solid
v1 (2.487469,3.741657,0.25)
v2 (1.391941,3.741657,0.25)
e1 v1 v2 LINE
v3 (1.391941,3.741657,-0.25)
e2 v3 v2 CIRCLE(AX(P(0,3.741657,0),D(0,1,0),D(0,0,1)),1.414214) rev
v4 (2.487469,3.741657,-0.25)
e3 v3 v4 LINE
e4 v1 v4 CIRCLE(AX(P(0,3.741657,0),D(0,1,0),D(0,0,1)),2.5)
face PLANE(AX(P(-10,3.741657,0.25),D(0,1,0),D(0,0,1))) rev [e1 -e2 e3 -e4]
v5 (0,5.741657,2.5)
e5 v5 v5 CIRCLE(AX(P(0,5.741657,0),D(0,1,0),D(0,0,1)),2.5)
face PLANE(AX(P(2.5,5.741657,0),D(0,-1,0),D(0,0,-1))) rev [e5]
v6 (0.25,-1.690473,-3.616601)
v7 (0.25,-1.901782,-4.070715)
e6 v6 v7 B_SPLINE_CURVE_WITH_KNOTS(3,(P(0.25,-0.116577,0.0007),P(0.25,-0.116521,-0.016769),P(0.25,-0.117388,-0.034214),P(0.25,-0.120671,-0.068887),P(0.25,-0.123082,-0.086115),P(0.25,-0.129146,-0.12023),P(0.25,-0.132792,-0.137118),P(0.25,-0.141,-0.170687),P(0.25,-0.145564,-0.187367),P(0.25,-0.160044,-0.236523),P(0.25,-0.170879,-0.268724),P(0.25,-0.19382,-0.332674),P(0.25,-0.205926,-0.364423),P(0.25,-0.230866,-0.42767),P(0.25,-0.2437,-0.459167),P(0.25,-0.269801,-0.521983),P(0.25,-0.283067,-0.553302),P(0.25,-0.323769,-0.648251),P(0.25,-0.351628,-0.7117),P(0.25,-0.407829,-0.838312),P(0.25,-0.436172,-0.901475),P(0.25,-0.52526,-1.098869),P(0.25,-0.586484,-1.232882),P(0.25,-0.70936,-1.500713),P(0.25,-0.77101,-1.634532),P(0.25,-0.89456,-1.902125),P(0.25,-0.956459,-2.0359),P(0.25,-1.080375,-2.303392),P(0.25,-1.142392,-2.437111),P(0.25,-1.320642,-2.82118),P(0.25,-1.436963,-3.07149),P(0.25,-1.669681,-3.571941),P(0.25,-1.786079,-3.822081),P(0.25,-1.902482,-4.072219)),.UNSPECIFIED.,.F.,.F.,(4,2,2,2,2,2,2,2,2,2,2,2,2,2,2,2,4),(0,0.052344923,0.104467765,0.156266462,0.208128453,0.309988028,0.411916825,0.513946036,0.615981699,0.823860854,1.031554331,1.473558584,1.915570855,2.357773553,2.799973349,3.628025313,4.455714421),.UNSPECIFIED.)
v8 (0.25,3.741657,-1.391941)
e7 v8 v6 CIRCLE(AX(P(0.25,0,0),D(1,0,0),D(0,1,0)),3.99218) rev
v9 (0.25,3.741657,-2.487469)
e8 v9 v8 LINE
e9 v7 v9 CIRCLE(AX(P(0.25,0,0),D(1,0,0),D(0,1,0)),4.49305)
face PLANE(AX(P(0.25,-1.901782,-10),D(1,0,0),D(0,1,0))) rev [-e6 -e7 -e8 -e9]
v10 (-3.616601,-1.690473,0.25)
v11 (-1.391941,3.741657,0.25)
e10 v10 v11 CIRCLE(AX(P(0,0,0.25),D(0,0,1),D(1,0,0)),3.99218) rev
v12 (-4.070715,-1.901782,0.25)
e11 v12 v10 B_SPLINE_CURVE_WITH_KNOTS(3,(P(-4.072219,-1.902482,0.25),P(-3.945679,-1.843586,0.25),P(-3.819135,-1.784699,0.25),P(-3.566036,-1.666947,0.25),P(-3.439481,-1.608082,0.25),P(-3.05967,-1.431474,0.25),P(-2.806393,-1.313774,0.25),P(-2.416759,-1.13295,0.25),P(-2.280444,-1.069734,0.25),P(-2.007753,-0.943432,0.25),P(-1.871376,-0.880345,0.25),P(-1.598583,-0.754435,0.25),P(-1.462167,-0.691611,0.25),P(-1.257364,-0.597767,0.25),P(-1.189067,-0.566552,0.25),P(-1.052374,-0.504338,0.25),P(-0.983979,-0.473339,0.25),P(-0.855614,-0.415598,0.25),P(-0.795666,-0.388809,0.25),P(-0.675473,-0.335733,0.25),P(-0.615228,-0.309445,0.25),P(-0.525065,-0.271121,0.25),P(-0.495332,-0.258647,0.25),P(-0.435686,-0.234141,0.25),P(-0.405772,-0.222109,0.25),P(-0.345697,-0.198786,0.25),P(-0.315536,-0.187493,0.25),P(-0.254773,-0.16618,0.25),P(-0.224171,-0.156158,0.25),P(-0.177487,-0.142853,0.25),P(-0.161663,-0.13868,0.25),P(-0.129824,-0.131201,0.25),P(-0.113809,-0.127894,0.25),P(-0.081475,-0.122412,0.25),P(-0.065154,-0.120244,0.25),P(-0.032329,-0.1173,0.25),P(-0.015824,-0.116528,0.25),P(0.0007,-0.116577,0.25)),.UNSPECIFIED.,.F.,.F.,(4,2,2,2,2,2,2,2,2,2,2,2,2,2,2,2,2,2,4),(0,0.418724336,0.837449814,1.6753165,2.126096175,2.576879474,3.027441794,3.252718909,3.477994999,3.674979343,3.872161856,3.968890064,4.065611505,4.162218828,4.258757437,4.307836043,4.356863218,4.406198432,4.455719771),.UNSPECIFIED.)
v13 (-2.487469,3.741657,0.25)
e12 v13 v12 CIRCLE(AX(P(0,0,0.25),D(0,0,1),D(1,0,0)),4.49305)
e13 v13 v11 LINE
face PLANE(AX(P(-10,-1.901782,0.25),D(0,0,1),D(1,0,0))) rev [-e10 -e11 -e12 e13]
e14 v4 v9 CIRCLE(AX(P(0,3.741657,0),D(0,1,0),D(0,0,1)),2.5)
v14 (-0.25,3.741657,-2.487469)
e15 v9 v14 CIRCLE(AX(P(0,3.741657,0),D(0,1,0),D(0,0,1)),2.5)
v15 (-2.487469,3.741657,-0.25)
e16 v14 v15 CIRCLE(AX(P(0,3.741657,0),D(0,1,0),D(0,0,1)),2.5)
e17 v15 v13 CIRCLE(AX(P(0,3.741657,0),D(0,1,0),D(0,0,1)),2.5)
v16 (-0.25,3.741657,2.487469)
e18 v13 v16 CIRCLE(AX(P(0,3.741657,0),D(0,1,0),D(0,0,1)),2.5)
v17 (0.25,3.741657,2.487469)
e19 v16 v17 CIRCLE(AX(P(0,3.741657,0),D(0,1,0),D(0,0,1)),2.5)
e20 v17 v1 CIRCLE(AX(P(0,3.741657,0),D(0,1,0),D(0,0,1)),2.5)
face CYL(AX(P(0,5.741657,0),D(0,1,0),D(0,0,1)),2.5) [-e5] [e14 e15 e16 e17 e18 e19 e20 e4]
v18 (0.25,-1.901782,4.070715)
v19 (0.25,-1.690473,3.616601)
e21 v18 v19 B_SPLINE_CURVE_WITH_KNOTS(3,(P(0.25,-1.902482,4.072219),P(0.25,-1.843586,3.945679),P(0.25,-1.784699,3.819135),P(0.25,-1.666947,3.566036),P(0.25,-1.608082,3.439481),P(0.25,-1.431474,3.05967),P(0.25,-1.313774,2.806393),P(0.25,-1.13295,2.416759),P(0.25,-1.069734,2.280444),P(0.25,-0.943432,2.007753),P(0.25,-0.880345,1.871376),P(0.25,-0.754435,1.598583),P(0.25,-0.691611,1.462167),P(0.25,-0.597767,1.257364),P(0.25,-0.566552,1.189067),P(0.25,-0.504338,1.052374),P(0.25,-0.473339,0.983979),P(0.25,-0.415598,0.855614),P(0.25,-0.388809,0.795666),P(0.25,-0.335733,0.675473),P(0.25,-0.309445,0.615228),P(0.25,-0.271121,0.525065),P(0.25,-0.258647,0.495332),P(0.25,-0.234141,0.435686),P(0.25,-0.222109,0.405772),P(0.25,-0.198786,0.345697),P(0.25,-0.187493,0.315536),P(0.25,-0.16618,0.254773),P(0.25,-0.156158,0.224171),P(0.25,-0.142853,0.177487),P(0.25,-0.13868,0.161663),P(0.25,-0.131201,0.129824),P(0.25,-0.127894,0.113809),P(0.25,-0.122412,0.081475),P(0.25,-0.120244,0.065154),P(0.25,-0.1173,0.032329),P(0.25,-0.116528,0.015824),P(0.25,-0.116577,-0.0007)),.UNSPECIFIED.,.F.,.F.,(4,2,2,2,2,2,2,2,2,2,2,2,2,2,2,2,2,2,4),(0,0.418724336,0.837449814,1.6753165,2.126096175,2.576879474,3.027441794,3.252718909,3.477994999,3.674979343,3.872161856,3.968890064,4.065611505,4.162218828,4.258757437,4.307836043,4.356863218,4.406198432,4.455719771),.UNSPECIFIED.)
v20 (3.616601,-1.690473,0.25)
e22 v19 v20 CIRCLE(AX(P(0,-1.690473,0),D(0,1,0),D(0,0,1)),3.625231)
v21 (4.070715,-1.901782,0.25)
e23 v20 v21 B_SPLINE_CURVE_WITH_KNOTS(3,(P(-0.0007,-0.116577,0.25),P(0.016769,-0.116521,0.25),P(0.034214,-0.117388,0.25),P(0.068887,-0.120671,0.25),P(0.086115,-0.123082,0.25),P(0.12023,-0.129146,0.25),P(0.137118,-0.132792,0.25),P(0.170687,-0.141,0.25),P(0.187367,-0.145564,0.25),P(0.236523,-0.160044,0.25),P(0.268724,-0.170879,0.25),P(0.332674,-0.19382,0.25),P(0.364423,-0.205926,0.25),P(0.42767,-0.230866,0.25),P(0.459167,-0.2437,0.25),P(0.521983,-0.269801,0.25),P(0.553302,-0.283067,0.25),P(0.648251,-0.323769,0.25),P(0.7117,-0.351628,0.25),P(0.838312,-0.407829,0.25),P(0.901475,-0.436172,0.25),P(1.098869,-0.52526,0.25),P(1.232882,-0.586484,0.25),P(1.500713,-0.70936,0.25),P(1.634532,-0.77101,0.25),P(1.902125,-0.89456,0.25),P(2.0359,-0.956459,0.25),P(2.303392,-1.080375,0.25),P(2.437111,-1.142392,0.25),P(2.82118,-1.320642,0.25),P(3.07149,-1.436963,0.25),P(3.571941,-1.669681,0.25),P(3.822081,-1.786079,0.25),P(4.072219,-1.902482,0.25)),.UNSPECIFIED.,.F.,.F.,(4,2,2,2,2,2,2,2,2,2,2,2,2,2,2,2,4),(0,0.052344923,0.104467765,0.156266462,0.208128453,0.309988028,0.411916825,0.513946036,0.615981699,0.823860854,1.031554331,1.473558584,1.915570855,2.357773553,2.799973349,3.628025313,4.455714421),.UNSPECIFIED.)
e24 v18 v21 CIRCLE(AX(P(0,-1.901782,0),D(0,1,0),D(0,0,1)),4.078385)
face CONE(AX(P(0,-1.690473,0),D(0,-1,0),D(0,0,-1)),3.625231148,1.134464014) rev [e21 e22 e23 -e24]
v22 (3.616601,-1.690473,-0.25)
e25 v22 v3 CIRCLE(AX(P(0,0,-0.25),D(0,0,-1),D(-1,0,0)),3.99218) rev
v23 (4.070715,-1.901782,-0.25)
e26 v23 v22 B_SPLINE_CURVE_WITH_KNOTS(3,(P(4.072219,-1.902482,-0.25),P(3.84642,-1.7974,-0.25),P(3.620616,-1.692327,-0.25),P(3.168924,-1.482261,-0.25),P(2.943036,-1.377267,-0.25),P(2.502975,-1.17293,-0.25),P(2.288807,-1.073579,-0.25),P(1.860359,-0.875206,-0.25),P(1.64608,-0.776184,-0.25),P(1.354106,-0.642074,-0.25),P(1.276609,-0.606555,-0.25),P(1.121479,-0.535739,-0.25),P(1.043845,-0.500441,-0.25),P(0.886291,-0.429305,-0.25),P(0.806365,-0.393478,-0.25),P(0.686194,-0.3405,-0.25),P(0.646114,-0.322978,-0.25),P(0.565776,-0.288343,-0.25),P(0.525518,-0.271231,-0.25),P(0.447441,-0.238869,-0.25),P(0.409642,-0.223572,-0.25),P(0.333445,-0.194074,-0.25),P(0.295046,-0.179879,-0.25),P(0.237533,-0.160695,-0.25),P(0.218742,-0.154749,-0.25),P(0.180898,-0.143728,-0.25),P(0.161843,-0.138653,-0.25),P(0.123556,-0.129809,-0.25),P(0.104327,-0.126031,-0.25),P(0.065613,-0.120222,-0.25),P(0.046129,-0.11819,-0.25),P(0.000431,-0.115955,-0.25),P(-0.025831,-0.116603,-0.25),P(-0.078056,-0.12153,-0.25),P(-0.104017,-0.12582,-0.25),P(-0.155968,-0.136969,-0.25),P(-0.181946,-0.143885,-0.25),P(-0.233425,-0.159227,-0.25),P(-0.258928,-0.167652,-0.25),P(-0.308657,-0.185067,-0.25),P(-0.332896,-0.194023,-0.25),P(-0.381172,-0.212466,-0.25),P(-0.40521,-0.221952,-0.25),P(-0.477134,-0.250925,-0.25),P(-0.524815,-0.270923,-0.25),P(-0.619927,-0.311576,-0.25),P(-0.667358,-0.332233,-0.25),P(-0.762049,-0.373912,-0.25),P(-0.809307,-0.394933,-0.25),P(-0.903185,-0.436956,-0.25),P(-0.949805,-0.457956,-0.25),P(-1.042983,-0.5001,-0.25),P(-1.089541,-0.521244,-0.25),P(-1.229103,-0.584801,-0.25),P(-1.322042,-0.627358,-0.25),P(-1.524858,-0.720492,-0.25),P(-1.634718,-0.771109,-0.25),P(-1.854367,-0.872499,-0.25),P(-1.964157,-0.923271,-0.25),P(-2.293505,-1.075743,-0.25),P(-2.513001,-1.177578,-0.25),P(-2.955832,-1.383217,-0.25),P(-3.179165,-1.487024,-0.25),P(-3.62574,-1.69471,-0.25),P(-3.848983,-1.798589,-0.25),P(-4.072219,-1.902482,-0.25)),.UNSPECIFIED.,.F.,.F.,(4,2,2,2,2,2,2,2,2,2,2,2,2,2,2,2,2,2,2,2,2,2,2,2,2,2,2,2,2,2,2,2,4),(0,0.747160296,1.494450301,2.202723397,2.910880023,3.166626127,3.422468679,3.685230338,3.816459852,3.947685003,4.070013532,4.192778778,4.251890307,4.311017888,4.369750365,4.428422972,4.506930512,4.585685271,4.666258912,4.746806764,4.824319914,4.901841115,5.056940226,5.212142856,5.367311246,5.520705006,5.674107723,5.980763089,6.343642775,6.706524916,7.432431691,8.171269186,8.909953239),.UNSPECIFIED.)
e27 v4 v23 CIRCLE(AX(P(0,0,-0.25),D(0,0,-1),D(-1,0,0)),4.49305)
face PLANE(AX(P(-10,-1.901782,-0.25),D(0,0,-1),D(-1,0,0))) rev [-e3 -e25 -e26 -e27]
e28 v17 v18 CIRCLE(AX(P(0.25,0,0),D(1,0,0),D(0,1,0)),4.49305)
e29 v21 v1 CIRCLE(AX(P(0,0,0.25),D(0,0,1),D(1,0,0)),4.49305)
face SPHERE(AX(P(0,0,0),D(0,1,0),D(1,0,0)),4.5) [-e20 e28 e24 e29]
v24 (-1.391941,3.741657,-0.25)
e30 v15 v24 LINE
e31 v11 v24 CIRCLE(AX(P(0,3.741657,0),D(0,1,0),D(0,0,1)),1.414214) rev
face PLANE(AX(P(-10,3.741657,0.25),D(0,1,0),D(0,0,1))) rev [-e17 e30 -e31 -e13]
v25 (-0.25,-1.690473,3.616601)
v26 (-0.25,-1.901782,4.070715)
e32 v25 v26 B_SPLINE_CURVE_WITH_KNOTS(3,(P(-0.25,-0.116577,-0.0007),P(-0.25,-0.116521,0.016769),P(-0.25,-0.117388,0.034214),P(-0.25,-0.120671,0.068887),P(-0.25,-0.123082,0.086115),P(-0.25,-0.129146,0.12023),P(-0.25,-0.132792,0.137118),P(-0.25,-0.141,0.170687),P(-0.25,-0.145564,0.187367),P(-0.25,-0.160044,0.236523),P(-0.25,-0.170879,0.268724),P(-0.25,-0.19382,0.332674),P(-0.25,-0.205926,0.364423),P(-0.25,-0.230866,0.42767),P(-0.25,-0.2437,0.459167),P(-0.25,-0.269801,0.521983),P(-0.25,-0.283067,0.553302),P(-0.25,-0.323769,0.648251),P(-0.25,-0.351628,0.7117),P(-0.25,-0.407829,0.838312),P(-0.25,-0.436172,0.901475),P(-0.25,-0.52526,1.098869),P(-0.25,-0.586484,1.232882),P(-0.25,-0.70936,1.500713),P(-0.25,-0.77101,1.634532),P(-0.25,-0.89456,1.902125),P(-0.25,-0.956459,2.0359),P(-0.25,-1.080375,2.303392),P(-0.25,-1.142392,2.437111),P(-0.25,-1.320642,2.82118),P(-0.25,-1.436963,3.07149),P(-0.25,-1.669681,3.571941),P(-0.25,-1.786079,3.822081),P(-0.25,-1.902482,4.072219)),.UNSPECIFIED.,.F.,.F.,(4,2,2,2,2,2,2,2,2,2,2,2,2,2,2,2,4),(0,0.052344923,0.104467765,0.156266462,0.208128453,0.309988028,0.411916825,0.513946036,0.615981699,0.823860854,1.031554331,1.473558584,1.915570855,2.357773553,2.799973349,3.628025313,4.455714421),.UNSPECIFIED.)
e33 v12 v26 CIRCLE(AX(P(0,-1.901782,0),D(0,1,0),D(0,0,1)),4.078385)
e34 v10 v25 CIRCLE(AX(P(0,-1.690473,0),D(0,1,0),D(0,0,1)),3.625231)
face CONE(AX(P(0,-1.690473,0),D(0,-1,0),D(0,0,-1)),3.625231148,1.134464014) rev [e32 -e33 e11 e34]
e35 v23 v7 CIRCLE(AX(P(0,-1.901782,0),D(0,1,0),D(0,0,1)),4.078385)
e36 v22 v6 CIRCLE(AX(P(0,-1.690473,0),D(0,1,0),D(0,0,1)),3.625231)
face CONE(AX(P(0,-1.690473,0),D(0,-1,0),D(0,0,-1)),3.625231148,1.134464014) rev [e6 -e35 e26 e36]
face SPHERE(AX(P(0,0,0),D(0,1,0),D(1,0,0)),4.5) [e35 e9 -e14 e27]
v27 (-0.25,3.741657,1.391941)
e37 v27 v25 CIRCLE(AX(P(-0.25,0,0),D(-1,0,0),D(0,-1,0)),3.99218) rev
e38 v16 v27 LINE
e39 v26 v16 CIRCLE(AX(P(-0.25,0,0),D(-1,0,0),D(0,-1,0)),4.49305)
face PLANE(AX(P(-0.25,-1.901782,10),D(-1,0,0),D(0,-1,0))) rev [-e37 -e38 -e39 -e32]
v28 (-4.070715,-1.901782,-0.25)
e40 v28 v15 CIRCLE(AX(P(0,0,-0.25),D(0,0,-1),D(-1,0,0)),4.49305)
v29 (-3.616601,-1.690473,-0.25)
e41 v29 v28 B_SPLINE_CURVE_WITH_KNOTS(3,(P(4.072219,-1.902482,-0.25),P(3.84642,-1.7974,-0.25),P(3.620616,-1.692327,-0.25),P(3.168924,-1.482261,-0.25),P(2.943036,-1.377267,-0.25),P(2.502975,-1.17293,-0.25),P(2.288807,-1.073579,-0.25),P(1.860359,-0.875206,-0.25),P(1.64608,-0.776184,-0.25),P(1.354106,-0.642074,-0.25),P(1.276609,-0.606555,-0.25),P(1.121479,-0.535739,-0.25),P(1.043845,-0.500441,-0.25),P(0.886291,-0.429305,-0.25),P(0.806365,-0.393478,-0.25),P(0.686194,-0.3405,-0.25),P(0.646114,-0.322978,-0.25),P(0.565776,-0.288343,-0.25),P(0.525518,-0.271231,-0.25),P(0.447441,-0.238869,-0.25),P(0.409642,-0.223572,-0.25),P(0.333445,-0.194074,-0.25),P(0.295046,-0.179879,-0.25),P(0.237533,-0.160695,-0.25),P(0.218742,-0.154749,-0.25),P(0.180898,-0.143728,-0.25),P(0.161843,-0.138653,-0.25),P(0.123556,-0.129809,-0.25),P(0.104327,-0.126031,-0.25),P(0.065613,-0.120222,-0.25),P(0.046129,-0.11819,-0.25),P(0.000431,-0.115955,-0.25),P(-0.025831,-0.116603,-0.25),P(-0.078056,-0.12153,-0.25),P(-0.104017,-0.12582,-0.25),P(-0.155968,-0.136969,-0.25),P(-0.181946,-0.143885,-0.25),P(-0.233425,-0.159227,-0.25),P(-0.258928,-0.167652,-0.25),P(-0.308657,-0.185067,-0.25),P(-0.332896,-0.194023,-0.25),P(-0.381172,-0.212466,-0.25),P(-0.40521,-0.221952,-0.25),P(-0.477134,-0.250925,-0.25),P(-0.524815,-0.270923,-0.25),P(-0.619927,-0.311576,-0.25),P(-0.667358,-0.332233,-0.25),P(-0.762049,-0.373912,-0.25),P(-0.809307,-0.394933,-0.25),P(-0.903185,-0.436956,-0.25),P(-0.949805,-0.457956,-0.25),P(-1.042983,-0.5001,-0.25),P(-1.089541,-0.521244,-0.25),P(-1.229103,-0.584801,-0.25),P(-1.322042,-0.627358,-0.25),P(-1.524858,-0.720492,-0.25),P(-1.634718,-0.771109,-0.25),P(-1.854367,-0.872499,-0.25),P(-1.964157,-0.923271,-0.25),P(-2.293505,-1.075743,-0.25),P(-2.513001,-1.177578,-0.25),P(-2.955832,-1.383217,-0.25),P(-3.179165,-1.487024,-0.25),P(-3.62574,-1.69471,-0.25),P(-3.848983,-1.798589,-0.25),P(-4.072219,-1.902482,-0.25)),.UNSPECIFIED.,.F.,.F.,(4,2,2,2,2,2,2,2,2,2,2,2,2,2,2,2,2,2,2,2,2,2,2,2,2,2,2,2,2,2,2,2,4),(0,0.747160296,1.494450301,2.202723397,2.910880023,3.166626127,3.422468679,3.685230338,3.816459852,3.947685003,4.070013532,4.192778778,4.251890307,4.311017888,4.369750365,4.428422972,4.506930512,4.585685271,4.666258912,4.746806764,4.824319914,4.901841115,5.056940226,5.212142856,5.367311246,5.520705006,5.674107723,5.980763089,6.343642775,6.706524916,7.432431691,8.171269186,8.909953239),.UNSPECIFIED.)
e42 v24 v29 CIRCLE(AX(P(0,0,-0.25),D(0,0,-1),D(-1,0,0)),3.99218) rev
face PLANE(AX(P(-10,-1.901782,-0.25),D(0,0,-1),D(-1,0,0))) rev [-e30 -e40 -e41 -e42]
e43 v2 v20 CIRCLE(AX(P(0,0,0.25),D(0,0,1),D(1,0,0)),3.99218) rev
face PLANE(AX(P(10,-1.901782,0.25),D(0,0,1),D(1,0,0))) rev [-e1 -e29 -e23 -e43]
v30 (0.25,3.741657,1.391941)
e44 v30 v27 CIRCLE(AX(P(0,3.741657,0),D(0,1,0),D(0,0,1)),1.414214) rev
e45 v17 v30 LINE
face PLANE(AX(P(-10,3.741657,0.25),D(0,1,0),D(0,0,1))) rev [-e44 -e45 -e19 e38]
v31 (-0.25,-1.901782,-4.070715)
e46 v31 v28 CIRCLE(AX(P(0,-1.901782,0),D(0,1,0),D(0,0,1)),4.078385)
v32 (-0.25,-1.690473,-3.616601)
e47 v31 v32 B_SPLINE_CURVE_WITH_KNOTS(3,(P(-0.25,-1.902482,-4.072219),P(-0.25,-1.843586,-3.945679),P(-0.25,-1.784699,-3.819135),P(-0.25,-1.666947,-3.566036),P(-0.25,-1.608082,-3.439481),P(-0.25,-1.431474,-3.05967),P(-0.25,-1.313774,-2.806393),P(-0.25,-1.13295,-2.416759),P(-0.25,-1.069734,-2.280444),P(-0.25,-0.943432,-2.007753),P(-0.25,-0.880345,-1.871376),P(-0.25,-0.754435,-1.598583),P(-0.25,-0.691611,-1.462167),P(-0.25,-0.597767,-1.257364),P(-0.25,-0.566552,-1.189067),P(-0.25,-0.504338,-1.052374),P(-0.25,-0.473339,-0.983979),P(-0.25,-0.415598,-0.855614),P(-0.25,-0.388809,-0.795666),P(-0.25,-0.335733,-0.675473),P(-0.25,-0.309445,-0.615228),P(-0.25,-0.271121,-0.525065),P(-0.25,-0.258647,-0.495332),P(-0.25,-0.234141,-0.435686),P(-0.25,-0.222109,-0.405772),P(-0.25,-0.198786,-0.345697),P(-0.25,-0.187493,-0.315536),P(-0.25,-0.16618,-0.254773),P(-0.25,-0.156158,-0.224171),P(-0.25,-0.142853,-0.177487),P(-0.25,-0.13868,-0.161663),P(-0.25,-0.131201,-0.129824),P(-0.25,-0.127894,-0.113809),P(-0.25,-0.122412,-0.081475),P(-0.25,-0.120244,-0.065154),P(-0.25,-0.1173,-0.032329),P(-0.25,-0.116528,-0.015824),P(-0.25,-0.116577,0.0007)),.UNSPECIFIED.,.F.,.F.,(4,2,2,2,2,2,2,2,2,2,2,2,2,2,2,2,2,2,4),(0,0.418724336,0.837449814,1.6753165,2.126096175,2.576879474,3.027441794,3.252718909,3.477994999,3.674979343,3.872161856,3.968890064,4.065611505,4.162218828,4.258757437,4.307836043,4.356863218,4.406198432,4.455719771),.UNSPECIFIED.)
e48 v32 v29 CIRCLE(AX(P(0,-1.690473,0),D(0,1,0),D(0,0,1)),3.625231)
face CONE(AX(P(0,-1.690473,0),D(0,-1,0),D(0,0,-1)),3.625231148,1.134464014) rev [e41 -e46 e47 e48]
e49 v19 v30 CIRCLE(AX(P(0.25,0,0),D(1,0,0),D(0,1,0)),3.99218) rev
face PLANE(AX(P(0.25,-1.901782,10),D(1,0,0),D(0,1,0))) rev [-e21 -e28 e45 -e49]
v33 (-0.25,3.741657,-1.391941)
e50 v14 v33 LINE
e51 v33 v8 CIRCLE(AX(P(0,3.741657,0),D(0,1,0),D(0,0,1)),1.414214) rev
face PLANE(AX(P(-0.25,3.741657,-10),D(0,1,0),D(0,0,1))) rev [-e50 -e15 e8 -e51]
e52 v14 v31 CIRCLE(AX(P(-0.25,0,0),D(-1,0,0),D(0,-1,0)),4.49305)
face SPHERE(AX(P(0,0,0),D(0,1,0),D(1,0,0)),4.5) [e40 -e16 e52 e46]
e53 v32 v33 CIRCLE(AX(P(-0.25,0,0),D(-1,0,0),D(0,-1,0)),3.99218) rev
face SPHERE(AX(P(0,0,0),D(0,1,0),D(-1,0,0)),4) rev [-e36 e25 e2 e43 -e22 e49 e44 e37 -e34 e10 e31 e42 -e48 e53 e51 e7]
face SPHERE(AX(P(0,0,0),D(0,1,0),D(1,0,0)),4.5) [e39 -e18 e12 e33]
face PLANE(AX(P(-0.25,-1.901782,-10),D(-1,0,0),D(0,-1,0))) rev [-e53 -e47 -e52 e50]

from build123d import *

# Parameters (mm, degrees)
SKETCH2_W          = 0.5
SKETCH2_H          = 5.643439565
CUT_EXTRUDE1_DEPTH = 10
CIRPATTERN1_COUNT  = 4


with BuildPart() as part:
    # Sketch1 → Revolve1 (revolve)
    with BuildSketch(Plane.XY):
        with BuildLine():
            Line((0, 5.741657387), (0, 4))
            ThreePointArc((0, 4), (3.373565783, 2.149198433), (3.625231148, -1.690473047))
            Line((3.625231148, -1.690473047), (4.078385042, -1.901782178))
            ThreePointArc((4.078385042, -1.901782178), (4.333692417, 1.212068493), (2.5, 3.741657387))
            Line((2.5, 3.741657387), (2.5, 5.741657387))
            Line((2.5, 5.741657387), (0, 5.741657387))
        make_face()
    revolve(axis=Axis((0, 5.741657387, 0), (0, -1, 0)))

    # Sketch2 → Cut-Extrude1 (cut)
    with BuildSketch(Plane.XY):
        with Locations((0, 0.919937604)):
            Rectangle(SKETCH2_W, SKETCH2_H)
    cut_extrude1 = extrude(amount=-CUT_EXTRUDE1_DEPTH, mode=Mode.SUBTRACT)

    # CirPattern1: Cut-Extrude1 ×4 about axis
    cirpattern1_axis = Axis((0, 0, 0), (0, 1, 0))
    for i in range(1, CIRPATTERN1_COUNT):
        add(cut_extrude1.rotate(cirpattern1_axis, i * 360 / CIRPATTERN1_COUNT), mode=Mode.SUBTRACT)


solid = part.part
